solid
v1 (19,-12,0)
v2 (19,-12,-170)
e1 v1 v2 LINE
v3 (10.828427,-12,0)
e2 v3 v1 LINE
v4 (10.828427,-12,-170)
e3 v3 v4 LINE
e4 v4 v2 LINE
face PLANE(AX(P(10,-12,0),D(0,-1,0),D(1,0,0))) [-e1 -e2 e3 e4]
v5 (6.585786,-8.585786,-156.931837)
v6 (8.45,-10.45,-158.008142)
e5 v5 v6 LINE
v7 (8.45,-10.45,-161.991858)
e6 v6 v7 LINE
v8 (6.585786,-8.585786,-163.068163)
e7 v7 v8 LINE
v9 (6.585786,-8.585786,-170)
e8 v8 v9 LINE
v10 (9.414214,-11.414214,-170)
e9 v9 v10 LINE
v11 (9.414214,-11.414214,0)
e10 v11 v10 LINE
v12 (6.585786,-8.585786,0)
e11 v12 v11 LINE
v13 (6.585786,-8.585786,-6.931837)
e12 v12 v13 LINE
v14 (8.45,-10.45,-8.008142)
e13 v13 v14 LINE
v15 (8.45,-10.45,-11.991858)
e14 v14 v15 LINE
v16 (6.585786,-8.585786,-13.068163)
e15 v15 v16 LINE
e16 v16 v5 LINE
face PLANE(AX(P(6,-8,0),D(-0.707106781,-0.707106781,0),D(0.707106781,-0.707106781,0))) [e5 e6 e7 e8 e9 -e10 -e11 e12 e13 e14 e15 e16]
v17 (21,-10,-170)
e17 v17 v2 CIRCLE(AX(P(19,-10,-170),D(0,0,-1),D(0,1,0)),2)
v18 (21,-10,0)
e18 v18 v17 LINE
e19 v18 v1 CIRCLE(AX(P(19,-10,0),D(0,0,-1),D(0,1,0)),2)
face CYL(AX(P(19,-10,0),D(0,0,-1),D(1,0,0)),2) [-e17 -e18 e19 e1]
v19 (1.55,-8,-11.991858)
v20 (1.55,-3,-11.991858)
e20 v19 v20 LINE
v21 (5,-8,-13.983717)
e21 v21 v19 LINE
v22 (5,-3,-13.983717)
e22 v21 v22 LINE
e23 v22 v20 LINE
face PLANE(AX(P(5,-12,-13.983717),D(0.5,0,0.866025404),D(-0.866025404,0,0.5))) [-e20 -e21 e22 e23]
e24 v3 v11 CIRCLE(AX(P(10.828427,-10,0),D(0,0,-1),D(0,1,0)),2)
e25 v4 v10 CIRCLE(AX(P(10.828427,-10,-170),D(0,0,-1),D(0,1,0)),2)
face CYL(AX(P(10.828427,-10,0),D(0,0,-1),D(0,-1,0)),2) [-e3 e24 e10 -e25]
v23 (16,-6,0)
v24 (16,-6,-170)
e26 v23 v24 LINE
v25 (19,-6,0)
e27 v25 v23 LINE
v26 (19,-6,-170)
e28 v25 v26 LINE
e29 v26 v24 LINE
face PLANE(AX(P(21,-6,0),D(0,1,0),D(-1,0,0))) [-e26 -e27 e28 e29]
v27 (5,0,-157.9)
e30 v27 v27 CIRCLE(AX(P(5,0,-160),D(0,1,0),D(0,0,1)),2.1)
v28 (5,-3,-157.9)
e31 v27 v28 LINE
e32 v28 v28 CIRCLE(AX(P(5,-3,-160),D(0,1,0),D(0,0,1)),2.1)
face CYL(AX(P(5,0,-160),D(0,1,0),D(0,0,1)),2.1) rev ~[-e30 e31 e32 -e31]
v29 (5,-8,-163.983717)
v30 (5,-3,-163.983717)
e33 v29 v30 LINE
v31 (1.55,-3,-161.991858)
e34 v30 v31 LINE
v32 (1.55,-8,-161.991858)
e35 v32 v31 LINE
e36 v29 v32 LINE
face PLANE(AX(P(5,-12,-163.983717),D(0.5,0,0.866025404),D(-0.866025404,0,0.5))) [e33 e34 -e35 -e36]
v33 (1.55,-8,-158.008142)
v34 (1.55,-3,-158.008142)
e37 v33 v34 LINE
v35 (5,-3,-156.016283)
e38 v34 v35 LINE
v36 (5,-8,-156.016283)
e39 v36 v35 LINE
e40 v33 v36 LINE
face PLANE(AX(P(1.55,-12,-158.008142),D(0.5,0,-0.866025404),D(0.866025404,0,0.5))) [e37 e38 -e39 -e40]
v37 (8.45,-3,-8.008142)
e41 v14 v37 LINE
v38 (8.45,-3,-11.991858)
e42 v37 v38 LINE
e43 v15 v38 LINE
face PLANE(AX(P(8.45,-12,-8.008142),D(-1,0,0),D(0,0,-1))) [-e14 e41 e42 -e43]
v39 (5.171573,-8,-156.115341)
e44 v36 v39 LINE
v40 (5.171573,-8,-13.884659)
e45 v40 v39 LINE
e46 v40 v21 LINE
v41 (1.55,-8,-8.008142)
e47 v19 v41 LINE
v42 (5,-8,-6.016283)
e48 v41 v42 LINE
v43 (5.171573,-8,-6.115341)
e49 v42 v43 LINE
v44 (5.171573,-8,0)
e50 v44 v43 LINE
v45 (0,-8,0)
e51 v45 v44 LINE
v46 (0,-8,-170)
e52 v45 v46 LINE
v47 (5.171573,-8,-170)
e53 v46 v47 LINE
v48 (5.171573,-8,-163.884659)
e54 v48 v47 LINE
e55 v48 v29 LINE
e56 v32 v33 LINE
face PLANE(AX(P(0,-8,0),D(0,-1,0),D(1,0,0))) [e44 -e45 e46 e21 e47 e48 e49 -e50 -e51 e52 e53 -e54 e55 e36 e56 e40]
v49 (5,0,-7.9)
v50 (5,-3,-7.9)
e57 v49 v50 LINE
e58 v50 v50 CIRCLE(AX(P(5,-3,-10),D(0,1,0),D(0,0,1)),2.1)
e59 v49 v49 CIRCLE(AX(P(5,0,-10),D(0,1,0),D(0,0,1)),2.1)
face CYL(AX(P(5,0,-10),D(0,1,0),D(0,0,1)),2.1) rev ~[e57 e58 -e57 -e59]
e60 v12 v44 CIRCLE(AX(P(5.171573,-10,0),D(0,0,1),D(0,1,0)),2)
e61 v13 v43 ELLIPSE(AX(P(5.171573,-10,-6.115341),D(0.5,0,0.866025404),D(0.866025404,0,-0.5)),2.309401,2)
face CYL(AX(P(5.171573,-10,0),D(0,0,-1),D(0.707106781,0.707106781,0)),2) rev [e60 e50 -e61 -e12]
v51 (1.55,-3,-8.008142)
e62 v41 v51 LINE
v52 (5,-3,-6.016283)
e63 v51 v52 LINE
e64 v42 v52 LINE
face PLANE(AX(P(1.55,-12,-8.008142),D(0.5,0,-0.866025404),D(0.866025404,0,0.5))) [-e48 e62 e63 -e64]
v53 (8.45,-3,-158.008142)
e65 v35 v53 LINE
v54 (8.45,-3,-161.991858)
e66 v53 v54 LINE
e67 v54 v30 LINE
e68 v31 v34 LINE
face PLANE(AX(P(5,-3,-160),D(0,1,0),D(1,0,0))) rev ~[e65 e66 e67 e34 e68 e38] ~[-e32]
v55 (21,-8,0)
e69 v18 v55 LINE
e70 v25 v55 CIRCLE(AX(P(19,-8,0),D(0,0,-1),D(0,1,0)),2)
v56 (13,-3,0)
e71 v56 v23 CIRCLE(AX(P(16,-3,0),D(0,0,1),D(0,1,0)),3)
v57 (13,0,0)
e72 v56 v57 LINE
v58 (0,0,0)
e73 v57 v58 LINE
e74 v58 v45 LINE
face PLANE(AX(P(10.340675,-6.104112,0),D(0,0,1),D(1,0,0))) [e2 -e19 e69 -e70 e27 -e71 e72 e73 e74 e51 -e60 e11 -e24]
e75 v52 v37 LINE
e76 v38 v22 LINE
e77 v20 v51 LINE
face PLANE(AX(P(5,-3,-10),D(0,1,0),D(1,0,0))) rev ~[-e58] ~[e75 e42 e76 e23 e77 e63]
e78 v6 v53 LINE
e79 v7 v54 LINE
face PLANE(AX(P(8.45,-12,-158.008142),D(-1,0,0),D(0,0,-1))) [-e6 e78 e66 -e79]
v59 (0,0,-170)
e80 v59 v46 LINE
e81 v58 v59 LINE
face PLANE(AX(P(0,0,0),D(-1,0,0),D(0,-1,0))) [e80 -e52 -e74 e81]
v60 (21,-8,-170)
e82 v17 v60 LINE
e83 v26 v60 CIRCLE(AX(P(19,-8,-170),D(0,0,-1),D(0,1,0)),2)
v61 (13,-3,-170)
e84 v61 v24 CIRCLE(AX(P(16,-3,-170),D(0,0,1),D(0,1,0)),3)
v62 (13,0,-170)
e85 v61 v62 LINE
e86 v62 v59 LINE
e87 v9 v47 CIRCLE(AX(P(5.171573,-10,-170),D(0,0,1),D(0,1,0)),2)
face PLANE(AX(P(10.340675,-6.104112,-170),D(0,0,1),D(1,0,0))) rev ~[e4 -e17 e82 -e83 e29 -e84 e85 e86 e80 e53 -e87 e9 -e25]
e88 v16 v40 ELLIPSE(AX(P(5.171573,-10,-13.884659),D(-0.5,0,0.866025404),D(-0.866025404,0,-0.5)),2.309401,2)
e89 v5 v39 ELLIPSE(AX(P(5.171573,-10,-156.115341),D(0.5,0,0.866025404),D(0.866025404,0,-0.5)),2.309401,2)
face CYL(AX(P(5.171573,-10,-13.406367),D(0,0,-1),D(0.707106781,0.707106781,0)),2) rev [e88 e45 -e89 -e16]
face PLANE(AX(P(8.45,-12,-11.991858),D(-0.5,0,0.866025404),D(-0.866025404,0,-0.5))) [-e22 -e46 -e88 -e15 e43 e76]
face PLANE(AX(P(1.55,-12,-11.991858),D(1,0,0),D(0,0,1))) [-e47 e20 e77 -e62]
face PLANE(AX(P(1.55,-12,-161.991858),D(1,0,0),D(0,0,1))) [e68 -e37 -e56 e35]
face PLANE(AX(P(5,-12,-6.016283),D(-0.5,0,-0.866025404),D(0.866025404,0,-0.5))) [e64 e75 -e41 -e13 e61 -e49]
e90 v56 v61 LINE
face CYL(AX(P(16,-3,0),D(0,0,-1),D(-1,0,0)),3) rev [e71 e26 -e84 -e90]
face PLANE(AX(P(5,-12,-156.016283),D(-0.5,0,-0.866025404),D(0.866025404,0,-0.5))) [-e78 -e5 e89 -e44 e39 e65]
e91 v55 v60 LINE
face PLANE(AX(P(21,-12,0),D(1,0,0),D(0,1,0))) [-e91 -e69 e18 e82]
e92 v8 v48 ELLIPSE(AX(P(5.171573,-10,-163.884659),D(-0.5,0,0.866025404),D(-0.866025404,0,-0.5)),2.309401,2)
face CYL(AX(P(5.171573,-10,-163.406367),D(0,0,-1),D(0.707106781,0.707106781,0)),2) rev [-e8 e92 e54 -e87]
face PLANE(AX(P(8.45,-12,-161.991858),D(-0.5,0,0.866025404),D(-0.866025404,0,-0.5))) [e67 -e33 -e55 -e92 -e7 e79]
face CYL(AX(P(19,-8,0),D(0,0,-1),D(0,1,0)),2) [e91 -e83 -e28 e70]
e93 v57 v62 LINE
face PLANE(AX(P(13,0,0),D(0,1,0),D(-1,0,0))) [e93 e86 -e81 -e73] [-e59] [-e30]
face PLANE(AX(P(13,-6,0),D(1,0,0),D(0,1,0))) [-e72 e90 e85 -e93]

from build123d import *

# Parameters (mm, degrees)
BOSS_EXTRUDE1_DEPTH = 170
FILLET2_R           = 3
SKETCH2_R           = 2.1
CUT_EXTRUDE1_DEPTH  = 8
CUT_EXTRUDE2_START  = -12
CUT_EXTRUDE2_DEPTH  = 9
FILLET3_R           = 2
FILLET4_R           = 2


with BuildPart() as part:
    # Sketch1 → Boss-Extrude1 (new body)
    with BuildSketch(Plane.XY):
        Polygon((13, -6), (13, 0), (0, 0), (0, -8), (6, -8), (10, -12), (21, -12), (21, -6), align=None)
    extrude(amount=-BOSS_EXTRUDE1_DEPTH)

    # Fillet2
    fillet2_edges = [part.edges().sort_by_distance(p)[0] for p in [
        (13, -6, -85),
    ]]
    fillet(fillet2_edges, radius=FILLET2_R)

    # Sketch2 → Cut-Extrude1 (cut)
    with BuildSketch(Plane(origin=(0, 0, 0), x_dir=(1, 0, 0), z_dir=(0, 1, 0))):
        with Locations(Location((5, 10, 0), (0, 0, 270))):
            Circle(SKETCH2_R)
        with Locations(Location((5, 160, 0), (0, 0, 270))):
            Circle(SKETCH2_R)
    extrude(amount=-CUT_EXTRUDE1_DEPTH, mode=Mode.SUBTRACT)

    # Sketch3 → Cut-Extrude2 (cut)
    with BuildSketch(Plane(origin=(0, 0, 0), x_dir=(1, 0, 0), z_dir=(0, 1, 0)).offset(CUT_EXTRUDE2_START)):
        Polygon((1.55, 11.991858429), (1.55, 8.008141571), (5, 6.016283143), (8.45, 8.008141571), (8.45, 11.991858429), (5, 13.983716857), align=None)
        Polygon((1.55, 161.991858429), (1.55, 158.008141571), (5, 156.016283143), (8.45, 158.008141571), (8.45, 161.991858429), (5, 163.983716857), align=None)
    extrude(amount=CUT_EXTRUDE2_DEPTH, mode=Mode.SUBTRACT)

    # Fillet3
    fillet3_edges = [part.edges().sort_by_distance(p)[0] for p in [
        (21, -6, -85),
        (21, -12, -85),
    ]]
    fillet(fillet3_edges, radius=FILLET3_R)

    # Fillet4
    fillet4_edges = [part.edges().sort_by_distance(p)[0] for p in [
        (10, -12, -85),
        (6, -8, -166.703183294),
        (6, -8, -85),
        (6, -8, -3.296816706),
    ]]
    fillet(fillet4_edges, radius=FILLET4_R)


solid = part.part
